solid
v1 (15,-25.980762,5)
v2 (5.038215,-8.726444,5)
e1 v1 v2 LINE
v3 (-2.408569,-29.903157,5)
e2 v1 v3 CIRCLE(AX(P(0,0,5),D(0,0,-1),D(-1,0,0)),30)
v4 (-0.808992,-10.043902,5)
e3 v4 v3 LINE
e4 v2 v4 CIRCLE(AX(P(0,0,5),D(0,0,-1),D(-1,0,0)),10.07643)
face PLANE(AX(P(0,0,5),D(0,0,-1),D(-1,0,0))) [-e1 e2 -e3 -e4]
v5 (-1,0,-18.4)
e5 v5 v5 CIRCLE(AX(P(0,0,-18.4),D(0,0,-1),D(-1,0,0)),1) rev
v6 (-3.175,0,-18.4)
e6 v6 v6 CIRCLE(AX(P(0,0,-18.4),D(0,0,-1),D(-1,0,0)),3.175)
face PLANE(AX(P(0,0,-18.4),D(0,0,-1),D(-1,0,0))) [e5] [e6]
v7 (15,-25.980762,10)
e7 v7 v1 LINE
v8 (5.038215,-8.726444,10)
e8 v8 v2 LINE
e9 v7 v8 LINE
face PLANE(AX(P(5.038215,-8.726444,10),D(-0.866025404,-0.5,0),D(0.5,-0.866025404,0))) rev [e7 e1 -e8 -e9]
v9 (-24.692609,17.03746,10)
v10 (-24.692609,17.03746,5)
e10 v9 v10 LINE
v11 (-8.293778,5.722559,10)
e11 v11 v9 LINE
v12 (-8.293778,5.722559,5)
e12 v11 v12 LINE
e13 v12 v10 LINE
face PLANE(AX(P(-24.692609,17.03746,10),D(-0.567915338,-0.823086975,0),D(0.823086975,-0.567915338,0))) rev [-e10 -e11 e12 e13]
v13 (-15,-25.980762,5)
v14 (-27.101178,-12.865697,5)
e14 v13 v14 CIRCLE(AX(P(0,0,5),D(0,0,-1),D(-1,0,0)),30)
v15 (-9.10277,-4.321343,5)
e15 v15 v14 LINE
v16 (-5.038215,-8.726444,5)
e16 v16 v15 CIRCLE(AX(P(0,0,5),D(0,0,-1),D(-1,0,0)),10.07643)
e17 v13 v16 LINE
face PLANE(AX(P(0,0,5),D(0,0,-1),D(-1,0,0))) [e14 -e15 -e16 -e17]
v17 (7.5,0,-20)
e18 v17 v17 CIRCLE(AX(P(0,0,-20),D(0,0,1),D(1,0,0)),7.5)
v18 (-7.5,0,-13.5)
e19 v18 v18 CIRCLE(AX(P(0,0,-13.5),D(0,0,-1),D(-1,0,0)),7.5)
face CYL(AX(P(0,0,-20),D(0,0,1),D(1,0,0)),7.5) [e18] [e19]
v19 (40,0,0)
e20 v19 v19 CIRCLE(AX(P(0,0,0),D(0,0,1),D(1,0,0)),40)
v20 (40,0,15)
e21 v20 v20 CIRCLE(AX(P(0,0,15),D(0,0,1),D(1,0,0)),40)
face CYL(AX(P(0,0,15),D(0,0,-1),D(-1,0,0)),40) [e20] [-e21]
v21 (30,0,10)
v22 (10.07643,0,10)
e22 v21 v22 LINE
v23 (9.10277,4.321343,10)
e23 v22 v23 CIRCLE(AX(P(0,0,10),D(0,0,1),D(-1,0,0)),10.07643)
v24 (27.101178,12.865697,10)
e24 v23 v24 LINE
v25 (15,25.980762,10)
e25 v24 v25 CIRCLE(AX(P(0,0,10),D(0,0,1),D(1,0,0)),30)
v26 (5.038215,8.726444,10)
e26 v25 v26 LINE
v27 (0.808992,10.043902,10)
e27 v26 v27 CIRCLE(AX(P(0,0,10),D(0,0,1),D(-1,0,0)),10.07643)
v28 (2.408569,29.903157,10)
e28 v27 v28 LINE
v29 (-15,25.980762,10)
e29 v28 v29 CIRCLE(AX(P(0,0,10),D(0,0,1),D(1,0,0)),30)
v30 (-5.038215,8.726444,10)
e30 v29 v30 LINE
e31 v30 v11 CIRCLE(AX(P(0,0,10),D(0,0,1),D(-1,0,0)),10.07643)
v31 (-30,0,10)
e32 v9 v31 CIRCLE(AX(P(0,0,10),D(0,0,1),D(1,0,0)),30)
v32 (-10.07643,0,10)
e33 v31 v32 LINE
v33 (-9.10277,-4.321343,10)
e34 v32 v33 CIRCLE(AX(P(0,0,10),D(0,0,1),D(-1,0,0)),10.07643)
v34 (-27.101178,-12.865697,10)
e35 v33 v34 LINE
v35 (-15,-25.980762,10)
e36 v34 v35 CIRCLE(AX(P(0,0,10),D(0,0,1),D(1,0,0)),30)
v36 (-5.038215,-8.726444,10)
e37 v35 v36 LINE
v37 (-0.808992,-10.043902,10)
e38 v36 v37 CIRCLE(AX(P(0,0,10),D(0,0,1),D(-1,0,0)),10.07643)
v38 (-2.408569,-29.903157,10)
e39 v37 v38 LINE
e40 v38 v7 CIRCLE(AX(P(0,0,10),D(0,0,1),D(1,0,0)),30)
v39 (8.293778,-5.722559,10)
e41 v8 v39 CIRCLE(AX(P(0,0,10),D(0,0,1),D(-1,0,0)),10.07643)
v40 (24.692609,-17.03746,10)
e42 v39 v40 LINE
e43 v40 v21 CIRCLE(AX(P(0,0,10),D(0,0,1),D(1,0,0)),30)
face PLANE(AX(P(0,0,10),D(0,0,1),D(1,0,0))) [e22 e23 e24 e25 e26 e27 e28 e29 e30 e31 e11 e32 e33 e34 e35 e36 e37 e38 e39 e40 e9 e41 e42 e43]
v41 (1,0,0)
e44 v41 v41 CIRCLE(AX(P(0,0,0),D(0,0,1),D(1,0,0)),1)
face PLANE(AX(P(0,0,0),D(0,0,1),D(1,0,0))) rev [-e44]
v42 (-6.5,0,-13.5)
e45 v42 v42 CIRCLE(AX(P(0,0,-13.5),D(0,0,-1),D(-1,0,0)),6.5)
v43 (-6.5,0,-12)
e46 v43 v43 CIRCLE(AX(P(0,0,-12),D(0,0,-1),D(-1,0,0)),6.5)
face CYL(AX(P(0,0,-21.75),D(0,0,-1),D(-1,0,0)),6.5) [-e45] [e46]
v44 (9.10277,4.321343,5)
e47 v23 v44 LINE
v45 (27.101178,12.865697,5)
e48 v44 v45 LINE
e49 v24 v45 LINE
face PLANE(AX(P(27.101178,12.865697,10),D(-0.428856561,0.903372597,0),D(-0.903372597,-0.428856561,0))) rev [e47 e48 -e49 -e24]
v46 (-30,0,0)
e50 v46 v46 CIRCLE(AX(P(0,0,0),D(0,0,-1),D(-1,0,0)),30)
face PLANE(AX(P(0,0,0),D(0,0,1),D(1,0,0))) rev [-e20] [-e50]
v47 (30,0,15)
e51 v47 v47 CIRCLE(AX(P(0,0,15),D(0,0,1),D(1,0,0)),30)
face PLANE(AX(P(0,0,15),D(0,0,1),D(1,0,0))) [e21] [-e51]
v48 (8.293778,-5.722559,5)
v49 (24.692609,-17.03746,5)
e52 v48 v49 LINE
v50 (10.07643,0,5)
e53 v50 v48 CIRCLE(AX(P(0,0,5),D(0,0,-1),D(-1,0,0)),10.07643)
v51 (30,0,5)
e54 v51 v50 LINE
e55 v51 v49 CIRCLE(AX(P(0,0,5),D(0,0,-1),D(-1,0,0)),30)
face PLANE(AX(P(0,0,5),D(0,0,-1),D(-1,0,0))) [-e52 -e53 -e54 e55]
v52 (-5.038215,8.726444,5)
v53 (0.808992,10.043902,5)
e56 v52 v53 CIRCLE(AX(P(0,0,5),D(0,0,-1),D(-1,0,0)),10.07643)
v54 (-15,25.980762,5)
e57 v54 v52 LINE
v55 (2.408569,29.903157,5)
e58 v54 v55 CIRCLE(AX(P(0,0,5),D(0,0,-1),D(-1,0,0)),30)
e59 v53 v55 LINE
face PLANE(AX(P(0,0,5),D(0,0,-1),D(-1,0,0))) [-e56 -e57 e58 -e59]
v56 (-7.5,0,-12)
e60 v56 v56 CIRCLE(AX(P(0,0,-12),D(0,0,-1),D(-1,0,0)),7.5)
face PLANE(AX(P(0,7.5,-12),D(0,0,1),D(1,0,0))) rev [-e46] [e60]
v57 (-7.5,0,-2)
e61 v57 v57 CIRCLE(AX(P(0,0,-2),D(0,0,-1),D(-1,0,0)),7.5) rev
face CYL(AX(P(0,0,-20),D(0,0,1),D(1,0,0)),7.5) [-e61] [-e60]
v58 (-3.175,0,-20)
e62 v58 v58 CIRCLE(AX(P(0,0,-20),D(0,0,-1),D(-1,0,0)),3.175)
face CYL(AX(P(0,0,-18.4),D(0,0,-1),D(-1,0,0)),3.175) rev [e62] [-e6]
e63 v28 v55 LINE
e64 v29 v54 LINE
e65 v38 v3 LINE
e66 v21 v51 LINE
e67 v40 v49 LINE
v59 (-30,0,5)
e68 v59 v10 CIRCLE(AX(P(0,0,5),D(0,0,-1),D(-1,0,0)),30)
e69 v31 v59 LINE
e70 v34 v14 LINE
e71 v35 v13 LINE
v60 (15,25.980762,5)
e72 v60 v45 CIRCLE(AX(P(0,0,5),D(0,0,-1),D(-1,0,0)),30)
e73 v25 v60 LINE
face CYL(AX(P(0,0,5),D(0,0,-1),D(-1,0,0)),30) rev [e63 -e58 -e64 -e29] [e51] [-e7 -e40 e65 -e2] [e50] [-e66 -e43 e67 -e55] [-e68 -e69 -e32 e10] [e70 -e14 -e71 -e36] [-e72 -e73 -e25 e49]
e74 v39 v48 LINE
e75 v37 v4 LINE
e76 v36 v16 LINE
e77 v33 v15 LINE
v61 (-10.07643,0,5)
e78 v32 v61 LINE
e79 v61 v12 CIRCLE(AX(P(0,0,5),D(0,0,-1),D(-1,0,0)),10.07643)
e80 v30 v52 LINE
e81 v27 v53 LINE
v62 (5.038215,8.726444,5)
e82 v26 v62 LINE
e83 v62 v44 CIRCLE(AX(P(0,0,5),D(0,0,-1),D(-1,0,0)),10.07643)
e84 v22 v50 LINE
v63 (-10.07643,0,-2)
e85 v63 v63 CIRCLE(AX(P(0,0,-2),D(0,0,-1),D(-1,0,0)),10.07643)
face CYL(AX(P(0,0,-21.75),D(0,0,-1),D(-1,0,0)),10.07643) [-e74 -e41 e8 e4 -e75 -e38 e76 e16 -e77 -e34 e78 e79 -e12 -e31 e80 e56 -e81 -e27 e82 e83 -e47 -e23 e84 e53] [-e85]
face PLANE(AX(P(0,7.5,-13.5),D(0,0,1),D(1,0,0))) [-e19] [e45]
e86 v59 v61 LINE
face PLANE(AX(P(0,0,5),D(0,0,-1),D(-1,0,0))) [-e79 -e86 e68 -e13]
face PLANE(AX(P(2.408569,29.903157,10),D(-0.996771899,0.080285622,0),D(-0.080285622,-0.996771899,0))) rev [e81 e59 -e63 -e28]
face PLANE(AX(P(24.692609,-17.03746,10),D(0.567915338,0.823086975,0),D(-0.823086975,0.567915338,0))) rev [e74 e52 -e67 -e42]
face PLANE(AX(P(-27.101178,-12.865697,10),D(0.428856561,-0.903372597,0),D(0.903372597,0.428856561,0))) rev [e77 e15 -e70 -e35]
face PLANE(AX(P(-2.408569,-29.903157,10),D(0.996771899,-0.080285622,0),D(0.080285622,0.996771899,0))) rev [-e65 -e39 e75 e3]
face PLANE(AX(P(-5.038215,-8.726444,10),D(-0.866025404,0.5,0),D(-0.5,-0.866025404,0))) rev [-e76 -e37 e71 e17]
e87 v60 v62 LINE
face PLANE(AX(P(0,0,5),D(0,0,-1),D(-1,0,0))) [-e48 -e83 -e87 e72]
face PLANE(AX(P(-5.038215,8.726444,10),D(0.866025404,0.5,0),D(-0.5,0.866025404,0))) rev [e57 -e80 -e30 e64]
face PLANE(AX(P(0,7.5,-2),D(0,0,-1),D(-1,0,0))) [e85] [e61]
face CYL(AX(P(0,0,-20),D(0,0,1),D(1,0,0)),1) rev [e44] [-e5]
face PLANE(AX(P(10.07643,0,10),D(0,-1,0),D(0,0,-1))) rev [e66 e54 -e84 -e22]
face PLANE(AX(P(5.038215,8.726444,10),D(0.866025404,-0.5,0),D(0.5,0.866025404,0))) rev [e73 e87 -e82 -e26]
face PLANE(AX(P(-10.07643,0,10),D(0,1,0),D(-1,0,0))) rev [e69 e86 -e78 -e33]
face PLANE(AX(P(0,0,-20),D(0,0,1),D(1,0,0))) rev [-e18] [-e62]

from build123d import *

# Parameters (mm, degrees)
SKETCH1_R           = 40
BOSS_EXTRUDE1_DEPTH = 15
SKETCH2_R           = 7.5
SKETCH2_R_2         = 1
BOSS_EXTRUDE2_DEPTH = 20
SKETCH4_R           = 3.175
CUT_EXTRUDE1_DEPTH  = 1.6
SKETCH5_W           = 2
SKETCH5_H           = 2.576429586
SKETCH5_W_2         = 1.5
SKETCH5_H_2         = 1
SKETCH5_4_W         = 1.5
SKETCH5_4_H         = 1
CUT_EXTRUDE2_START  = -5
SKETCH6_R           = 30
SKETCH6_R_2         = 10.076429586
CUT_EXTRUDE2_DEPTH  = 5
SKETCH7_R           = 30
CUT_EXTRUDE3_DEPTH  = 5
CUT_EXTRUDE4_START  = -5
CUT_EXTRUDE4_DEPTH  = 5


with BuildPart() as part:
    # Sketch1 → Boss-Extrude1 (new body)
    with BuildSketch(Plane.XY):
        Circle(SKETCH1_R)
    extrude(amount=BOSS_EXTRUDE1_DEPTH)

    # Sketch2 → Boss-Extrude2 (add)
    with BuildSketch(Plane.XY):
        Circle(SKETCH2_R)
        Circle(SKETCH2_R_2, mode=Mode.SUBTRACT)
    extrude(amount=-BOSS_EXTRUDE2_DEPTH)

    # Sketch4 → Cut-Extrude1 (cut)
    with BuildSketch(Plane(origin=(0, 0, -20), x_dir=(-1, 0, 0), z_dir=(0, 0, -1))):
        Circle(SKETCH4_R)
    extrude(amount=-CUT_EXTRUDE1_DEPTH, mode=Mode.SUBTRACT)

    # Sketch5 → Revolve2 (revolve)
    with BuildSketch(Plane(origin=(0, 0, 0), x_dir=(0, 0, -1), z_dir=(1, 0, 0))):
        with Locations((1, 8.788214793)):
            Rectangle(SKETCH5_W, SKETCH5_H)
        with Locations((12.75, 7)):
            Rectangle(SKETCH5_W_2, SKETCH5_H_2)
    revolve(axis=Axis((0, 0, -21.75), (0, 0, 1)))

    # Sketch5<4> → Cut-Revolve1 (revolve, cut)
    with BuildSketch(Plane(origin=(0, 0, 0), x_dir=(0, 0, -1), z_dir=(1, 0, 0))):
        with Locations((12.75, 7)):
            Rectangle(SKETCH5_4_W, SKETCH5_4_H)
    revolve(axis=Axis((0, 0, -21.75), (0, 0, 1)), mode=Mode.SUBTRACT)

    # Sketch6 → Cut-Extrude2 (cut)
    with BuildSketch(Plane(origin=(0, 0, 0), x_dir=(-1, 0, 0), z_dir=(0, 0, -1)).offset(CUT_EXTRUDE2_START)):
        Circle(SKETCH6_R)
        Circle(SKETCH6_R_2, mode=Mode.SUBTRACT)
    extrude(amount=CUT_EXTRUDE2_DEPTH, mode=Mode.SUBTRACT)

    # Sketch7 → Cut-Extrude3 (cut)
    with BuildSketch(Plane.XY.offset(15)):
        Circle(SKETCH7_R)
    extrude(amount=-CUT_EXTRUDE3_DEPTH, mode=Mode.SUBTRACT)

    # Sketch8 → Cut-Extrude4 (cut)
    with BuildSketch(Plane(origin=(0, 0, 5), x_dir=(-1, 0, 0), z_dir=(0, 0, -1)).offset(CUT_EXTRUDE4_START)):
        with BuildLine():
            Line((-10.076429586, 0), (-30, 0))
            ThreePointArc((-30, 0), (-29.266323118, 6.59411337), (-27.101177924, 12.865696838))
            Line((-27.101177924, 12.865696838), (-9.102770368, 4.321342942))
            ThreePointArc((-9.102770368, 4.321342942), (-9.830001471, 2.214837302), (-10.076429586, 0))
        make_face()
        with BuildLine():
            Line((-2.408568663, 29.903156974), (-0.808992418, 10.043901854))
            ThreePointArc((-0.808992418, 10.043901854), (-2.996895367, 9.620449644), (-5.038214793, 8.726444001))
            Line((-5.038214793, 8.726444001), (-15, 25.980762114))
            ThreePointArc((-15, 25.980762114), (-8.922491865, 28.642435981), (-2.408568663, 29.903156974))
        make_face()
        with BuildLine():
            Line((24.692609261, 17.037460136), (8.29377795, 5.722558913))
            ThreePointArc((8.29377795, 5.722558913), (6.833106104, 7.405612342), (5.038214793, 8.726444001))
            Line((5.038214793, 8.726444001), (15, 25.980762114))
            ThreePointArc((15, 25.980762114), (20.343831253, 22.048322611), (24.692609261, 17.037460136))
        make_face()
        with BuildLine():
            Line((27.101177924, -12.865696838), (9.102770368, -4.321342942))
            ThreePointArc((9.102770368, -4.321342942), (9.830001471, -2.214837302), (10.076429586, 0))
            Line((10.076429586, 0), (30, 0))
            ThreePointArc((30, 0), (29.266323118, -6.59411337), (27.101177924, -12.865696838))
        make_face()
        with BuildLine():
            Line((2.408568663, -29.903156974), (0.808992418, -10.043901854))
            ThreePointArc((0.808992418, -10.043901854), (2.996895367, -9.620449644), (5.038214793, -8.726444001))
            Line((5.038214793, -8.726444001), (15, -25.980762114))
            ThreePointArc((15, -25.980762114), (8.922491865, -28.642435981), (2.408568663, -29.903156974))
        make_face()
        with BuildLine():
            Line((-24.692609261, -17.037460136), (-8.29377795, -5.722558913))
            ThreePointArc((-8.29377795, -5.722558913), (-6.833106104, -7.405612342), (-5.038214793, -8.726444001))
            Line((-5.038214793, -8.726444001), (-15, -25.980762114))
            ThreePointArc((-15, -25.980762114), (-20.343831253, -22.048322611), (-24.692609261, -17.037460136))
        make_face()
    extrude(amount=CUT_EXTRUDE4_DEPTH, mode=Mode.SUBTRACT)


solid = part.part
